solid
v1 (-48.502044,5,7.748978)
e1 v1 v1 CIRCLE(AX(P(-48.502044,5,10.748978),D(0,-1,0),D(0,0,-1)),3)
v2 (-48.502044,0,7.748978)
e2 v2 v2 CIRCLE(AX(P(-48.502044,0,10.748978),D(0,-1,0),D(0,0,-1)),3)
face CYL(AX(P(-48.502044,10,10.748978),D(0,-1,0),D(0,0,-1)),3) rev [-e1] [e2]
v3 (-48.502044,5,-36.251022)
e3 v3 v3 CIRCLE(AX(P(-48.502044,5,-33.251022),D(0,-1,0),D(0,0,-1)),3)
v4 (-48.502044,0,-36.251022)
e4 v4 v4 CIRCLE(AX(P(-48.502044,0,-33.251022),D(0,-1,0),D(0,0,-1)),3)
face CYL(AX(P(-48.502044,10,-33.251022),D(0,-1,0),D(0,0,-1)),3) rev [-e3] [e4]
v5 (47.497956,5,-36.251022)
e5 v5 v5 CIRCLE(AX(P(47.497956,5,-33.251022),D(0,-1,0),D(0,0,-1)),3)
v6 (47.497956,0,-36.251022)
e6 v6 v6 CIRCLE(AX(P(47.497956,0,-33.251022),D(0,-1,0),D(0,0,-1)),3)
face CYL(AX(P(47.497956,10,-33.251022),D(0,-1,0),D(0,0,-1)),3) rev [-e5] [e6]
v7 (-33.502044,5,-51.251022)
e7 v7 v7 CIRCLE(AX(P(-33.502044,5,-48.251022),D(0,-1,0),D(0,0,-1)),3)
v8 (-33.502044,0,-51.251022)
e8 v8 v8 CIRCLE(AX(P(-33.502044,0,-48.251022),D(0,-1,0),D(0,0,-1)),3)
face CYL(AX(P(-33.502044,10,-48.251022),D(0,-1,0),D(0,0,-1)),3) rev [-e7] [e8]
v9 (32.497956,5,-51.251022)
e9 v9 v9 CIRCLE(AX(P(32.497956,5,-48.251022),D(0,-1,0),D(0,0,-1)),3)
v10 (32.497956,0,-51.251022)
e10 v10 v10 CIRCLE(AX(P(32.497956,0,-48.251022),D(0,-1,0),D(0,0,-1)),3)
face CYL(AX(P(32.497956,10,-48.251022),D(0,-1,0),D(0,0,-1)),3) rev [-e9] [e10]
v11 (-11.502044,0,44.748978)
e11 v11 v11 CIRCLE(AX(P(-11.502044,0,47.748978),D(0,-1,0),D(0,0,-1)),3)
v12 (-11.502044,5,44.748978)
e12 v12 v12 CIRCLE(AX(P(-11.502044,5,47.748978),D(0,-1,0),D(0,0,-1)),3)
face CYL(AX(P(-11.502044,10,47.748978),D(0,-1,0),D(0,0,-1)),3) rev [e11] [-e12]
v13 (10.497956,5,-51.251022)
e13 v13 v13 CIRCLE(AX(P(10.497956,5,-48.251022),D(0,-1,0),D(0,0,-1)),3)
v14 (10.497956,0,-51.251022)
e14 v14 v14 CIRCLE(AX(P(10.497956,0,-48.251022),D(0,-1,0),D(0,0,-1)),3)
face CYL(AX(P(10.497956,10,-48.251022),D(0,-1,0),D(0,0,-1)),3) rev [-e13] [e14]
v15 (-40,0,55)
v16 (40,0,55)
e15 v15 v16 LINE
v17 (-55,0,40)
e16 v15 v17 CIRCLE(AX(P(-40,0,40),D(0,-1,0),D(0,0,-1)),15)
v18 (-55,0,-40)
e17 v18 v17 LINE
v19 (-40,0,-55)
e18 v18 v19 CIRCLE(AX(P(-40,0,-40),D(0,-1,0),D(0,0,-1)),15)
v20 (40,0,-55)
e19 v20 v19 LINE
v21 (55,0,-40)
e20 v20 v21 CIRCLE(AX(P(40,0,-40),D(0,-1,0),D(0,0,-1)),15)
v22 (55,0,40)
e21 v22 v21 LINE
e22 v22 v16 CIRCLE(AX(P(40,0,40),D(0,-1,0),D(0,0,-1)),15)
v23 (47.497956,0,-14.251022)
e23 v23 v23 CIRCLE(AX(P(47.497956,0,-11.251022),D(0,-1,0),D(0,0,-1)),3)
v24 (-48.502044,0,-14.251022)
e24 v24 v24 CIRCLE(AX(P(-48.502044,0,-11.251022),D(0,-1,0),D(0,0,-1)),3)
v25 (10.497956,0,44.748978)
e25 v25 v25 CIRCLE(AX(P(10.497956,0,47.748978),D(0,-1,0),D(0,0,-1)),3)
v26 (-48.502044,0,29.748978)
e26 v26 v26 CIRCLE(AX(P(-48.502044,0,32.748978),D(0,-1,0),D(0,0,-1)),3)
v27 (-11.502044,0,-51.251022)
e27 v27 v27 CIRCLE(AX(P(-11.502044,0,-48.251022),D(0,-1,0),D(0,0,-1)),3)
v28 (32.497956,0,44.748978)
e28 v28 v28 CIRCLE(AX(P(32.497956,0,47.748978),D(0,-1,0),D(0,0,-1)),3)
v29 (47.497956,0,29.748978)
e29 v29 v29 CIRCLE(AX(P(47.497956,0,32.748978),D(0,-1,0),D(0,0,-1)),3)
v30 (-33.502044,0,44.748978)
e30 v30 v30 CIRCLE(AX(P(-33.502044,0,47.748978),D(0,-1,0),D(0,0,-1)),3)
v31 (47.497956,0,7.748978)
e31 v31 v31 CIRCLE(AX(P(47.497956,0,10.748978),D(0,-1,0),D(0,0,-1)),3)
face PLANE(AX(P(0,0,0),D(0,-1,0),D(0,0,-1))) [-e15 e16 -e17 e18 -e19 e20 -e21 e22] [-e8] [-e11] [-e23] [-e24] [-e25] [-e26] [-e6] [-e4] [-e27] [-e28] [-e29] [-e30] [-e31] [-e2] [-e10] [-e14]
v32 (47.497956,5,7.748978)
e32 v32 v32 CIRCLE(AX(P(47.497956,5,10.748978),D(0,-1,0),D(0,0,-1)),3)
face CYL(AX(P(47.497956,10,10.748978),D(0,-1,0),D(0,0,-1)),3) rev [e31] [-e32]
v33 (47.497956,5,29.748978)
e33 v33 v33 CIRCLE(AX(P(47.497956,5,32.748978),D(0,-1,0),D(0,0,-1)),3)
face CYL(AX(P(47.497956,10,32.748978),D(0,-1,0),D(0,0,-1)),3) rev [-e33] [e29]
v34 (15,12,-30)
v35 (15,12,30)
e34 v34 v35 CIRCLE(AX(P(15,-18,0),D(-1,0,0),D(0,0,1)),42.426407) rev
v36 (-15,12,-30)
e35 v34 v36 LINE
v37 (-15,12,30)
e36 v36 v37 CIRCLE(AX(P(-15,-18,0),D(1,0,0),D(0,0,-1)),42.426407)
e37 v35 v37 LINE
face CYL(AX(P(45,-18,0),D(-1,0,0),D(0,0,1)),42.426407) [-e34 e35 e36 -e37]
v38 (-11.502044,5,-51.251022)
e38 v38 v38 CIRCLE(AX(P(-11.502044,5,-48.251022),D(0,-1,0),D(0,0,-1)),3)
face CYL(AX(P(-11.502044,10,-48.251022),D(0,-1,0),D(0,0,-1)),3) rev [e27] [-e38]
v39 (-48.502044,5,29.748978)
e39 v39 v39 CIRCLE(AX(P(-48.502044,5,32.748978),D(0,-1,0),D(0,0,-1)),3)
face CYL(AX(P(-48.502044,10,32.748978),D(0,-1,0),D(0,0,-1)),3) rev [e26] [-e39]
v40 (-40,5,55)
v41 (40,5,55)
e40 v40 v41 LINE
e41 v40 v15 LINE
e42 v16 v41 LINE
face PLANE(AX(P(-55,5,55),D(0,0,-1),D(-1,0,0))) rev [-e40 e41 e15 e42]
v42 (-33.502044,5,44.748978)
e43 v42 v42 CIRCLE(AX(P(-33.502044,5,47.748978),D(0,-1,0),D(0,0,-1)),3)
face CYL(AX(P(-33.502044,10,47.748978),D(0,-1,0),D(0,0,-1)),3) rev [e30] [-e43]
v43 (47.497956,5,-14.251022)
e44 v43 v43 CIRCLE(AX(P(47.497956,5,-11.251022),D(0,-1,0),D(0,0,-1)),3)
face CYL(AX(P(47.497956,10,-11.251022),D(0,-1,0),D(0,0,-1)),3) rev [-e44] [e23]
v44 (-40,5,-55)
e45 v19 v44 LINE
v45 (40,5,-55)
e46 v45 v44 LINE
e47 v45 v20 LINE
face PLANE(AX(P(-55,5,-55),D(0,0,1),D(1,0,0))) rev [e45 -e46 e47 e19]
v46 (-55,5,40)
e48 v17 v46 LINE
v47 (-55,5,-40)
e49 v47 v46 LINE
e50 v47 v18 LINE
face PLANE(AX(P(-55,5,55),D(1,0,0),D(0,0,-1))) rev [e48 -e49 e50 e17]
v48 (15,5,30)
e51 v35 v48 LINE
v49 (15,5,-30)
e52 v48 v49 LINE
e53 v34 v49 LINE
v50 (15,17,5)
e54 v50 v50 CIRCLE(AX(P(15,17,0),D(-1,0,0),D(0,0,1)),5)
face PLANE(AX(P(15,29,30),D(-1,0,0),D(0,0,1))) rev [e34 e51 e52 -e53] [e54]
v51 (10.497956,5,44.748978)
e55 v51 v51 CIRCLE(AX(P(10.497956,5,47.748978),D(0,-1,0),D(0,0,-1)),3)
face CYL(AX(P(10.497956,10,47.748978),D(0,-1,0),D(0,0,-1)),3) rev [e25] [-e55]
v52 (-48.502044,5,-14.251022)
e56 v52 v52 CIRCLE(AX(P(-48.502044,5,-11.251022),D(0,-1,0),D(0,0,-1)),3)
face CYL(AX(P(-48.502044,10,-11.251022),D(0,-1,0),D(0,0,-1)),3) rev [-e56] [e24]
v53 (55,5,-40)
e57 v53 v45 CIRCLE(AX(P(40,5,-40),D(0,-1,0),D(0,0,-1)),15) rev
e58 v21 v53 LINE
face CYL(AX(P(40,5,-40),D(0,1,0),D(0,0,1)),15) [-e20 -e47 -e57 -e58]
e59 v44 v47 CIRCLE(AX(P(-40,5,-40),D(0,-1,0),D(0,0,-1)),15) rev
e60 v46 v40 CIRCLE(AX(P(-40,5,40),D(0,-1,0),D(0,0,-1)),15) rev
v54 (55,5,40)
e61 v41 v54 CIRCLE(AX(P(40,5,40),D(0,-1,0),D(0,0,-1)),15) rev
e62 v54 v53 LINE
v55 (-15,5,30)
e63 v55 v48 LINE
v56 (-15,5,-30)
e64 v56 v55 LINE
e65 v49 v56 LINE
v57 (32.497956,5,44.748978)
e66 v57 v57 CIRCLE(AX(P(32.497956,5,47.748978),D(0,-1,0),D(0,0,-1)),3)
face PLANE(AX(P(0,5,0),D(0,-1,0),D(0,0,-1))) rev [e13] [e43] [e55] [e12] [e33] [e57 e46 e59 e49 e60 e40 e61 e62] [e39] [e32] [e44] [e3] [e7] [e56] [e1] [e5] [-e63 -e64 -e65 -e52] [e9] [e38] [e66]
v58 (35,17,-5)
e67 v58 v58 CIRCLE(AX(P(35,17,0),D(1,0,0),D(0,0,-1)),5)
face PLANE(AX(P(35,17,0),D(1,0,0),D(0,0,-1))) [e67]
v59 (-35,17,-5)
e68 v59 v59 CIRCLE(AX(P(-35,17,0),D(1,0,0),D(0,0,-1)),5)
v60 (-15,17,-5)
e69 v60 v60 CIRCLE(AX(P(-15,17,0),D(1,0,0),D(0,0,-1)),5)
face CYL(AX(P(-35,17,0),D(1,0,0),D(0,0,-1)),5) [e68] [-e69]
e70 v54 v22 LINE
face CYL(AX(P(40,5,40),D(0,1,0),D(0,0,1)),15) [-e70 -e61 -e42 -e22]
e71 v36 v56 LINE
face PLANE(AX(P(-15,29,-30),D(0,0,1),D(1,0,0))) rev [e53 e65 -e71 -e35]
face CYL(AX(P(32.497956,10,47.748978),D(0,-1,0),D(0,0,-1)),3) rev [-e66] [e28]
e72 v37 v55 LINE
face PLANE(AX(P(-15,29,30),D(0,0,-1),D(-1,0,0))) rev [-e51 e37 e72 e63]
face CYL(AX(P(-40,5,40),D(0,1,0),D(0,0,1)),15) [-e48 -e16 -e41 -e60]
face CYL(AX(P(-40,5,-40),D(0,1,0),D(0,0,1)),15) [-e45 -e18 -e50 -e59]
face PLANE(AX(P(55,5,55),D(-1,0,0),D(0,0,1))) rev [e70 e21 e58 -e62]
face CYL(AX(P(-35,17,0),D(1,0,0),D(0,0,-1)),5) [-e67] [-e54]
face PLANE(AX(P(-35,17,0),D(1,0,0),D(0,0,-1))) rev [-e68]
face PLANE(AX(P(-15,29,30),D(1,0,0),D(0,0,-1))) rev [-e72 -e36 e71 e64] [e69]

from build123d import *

# Parameters (mm, degrees)
SKETCH1_W                = 110
SKETCH1_H                = 110
BOSS_EXTRUDE1_DEPTH      = 5
FILLET2_R                = 15
FILLET3_R                = 15
FILLET4_R                = 15
FILLET5_R                = 15
SKETCH2_W                = 30
SKETCH2_H                = 60
BOSS_EXTRUDE2_DEPTH      = 24
BOSS_EXTRUDE3_DEPTH      = 20
BOSS_EXTRUDE3_DEPTH_BACK = 50
SKETCH4_R                = 5
FILLET6_R                = 10
FILLET7_R                = 10
SKETCH5_R                = 3
CUT_EXTRUDE2_DEPTH       = 10
CUT_EXTRUDE3_DEPTH       = 60


with BuildPart() as part:
    # Sketch1 → Boss-Extrude1 (new body)
    with BuildSketch(Plane(origin=(0, 0, 0), x_dir=(1, 0, 0), z_dir=(0, 1, 0))):
        Rectangle(SKETCH1_W, SKETCH1_H)
    extrude(amount=BOSS_EXTRUDE1_DEPTH)

    # Fillet2
    fillet2_edges = [part.edges().sort_by_distance(p)[0] for p in [
        (55, 2.5, -55),
    ]]
    fillet(fillet2_edges, radius=FILLET2_R)

    # Fillet3
    fillet3_edges = [part.edges().sort_by_distance(p)[0] for p in [
        (-55, 2.5, -55),
    ]]
    fillet(fillet3_edges, radius=FILLET3_R)

    # Fillet4
    fillet4_edges = [part.edges().sort_by_distance(p)[0] for p in [
        (-55, 2.5, 55),
    ]]
    fillet(fillet4_edges, radius=FILLET4_R)

    # Fillet5
    fillet5_edges = [part.edges().sort_by_distance(p)[0] for p in [
        (55, 2.5, 55),
    ]]
    fillet(fillet5_edges, radius=FILLET5_R)

    # Sketch2 → Boss-Extrude2 (add)
    with BuildSketch(Plane(origin=(0, 5, 0), x_dir=(1, 0, 0), z_dir=(0, 1, 0))):
        Rectangle(SKETCH2_W, SKETCH2_H)
    extrude(amount=BOSS_EXTRUDE2_DEPTH)

    # Sketch4 → Boss-Extrude3 (add, two sides: drawn at the far end of the back side and taken through both)
    with BuildSketch(Plane(origin=(15, 0, 0), x_dir=(0, 0, -1), z_dir=(1, 0, 0)).offset(-BOSS_EXTRUDE3_DEPTH_BACK)):
        with Locations((0, 17)):
            Circle(SKETCH4_R)
    extrude(amount=BOSS_EXTRUDE3_DEPTH + BOSS_EXTRUDE3_DEPTH_BACK)

    # Fillet6
    fillet6_edges = [part.edges().sort_by_distance(p)[0] for p in [
        (0, 29, 30),
    ]]
    fillet(fillet6_edges, radius=FILLET6_R)

    # Fillet7
    fillet7_edges = [part.edges().sort_by_distance(p)[0] for p in [
        (0, 29, -30),
    ]]
    fillet(fillet7_edges, radius=FILLET7_R)

    # Sketch5 → Cut-Extrude2 (cut)
    with BuildSketch(Plane.XZ):
        with Locations(Location((47.497955542, -11.251022229, 0), (0, 0, 270))):
            Circle(SKETCH5_R)
        with Locations(Location((47.497955542, 32.748977771, 0), (0, 0, 270))):
            Circle(SKETCH5_R)
        with Locations(Location((-48.502044458, 10.748977771, 0), (0, 0, 270))):
            Circle(SKETCH5_R)
        with Locations(Location((-48.502044458, -11.251022229, 0), (0, 0, 270))):
            Circle(SKETCH5_R)
        with Locations(Location((-48.502044458, -33.251022229, 0), (0, 0, 270))):
            Circle(SKETCH5_R)
        with Locations(Location((-33.502044458, -48.251022229, 0), (0, 0, 270))):
            Circle(SKETCH5_R)
        with Locations(Location((-11.502044458, -48.251022229, 0), (0, 0, 270))):
            Circle(SKETCH5_R)
        with Locations(Location((10.497955542, -48.251022229, 0), (0, 0, 270))):
            Circle(SKETCH5_R)
        with Locations(Location((32.497955542, -48.251022229, 0), (0, 0, 270))):
            Circle(SKETCH5_R)
        with Locations(Location((47.497955542, -33.251022229, 0), (0, 0, 270))):
            Circle(SKETCH5_R)
        with Locations(Location((47.497955542, 10.748977771, 0), (0, 0, 270))):
            Circle(SKETCH5_R)
        with Locations(Location((32.497955542, 47.748977771, 0), (0, 0, 270))):
            Circle(SKETCH5_R)
        with Locations(Location((10.497955542, 47.748977771, 0), (0, 0, 270))):
            Circle(SKETCH5_R)
        with Locations(Location((-11.502044458, 47.748977771, 0), (0, 0, 270))):
            Circle(SKETCH5_R)
        with Locations(Location((-33.502044458, 47.748977771, 0), (0, 0, 270))):
            Circle(SKETCH5_R)
        with Locations(Location((-48.502044458, 32.748977771, 0), (0, 0, 270))):
            Circle(SKETCH5_R)
    extrude(amount=-CUT_EXTRUDE2_DEPTH, mode=Mode.SUBTRACT)

    # Sketch8 → Cut-Extrude3 (cut)
    with BuildSketch(Plane.ZY.offset(15)):
        with BuildLine():
            Line((-30, 19), (-30, 12))
            ThreePointArc((-30, 12), (0, 24.426406871), (30, 12))
            Line((30, 12), (30, 19))
            ThreePointArc((30, 19), (27.071067812, 26.071067812), (20, 29))
            Line((20, 29), (-20, 29))
            ThreePointArc((-20, 29), (-27.071067812, 26.071067812), (-30, 19))
        make_face()
    extrude(amount=-CUT_EXTRUDE3_DEPTH, mode=Mode.SUBTRACT)


solid = part.part
